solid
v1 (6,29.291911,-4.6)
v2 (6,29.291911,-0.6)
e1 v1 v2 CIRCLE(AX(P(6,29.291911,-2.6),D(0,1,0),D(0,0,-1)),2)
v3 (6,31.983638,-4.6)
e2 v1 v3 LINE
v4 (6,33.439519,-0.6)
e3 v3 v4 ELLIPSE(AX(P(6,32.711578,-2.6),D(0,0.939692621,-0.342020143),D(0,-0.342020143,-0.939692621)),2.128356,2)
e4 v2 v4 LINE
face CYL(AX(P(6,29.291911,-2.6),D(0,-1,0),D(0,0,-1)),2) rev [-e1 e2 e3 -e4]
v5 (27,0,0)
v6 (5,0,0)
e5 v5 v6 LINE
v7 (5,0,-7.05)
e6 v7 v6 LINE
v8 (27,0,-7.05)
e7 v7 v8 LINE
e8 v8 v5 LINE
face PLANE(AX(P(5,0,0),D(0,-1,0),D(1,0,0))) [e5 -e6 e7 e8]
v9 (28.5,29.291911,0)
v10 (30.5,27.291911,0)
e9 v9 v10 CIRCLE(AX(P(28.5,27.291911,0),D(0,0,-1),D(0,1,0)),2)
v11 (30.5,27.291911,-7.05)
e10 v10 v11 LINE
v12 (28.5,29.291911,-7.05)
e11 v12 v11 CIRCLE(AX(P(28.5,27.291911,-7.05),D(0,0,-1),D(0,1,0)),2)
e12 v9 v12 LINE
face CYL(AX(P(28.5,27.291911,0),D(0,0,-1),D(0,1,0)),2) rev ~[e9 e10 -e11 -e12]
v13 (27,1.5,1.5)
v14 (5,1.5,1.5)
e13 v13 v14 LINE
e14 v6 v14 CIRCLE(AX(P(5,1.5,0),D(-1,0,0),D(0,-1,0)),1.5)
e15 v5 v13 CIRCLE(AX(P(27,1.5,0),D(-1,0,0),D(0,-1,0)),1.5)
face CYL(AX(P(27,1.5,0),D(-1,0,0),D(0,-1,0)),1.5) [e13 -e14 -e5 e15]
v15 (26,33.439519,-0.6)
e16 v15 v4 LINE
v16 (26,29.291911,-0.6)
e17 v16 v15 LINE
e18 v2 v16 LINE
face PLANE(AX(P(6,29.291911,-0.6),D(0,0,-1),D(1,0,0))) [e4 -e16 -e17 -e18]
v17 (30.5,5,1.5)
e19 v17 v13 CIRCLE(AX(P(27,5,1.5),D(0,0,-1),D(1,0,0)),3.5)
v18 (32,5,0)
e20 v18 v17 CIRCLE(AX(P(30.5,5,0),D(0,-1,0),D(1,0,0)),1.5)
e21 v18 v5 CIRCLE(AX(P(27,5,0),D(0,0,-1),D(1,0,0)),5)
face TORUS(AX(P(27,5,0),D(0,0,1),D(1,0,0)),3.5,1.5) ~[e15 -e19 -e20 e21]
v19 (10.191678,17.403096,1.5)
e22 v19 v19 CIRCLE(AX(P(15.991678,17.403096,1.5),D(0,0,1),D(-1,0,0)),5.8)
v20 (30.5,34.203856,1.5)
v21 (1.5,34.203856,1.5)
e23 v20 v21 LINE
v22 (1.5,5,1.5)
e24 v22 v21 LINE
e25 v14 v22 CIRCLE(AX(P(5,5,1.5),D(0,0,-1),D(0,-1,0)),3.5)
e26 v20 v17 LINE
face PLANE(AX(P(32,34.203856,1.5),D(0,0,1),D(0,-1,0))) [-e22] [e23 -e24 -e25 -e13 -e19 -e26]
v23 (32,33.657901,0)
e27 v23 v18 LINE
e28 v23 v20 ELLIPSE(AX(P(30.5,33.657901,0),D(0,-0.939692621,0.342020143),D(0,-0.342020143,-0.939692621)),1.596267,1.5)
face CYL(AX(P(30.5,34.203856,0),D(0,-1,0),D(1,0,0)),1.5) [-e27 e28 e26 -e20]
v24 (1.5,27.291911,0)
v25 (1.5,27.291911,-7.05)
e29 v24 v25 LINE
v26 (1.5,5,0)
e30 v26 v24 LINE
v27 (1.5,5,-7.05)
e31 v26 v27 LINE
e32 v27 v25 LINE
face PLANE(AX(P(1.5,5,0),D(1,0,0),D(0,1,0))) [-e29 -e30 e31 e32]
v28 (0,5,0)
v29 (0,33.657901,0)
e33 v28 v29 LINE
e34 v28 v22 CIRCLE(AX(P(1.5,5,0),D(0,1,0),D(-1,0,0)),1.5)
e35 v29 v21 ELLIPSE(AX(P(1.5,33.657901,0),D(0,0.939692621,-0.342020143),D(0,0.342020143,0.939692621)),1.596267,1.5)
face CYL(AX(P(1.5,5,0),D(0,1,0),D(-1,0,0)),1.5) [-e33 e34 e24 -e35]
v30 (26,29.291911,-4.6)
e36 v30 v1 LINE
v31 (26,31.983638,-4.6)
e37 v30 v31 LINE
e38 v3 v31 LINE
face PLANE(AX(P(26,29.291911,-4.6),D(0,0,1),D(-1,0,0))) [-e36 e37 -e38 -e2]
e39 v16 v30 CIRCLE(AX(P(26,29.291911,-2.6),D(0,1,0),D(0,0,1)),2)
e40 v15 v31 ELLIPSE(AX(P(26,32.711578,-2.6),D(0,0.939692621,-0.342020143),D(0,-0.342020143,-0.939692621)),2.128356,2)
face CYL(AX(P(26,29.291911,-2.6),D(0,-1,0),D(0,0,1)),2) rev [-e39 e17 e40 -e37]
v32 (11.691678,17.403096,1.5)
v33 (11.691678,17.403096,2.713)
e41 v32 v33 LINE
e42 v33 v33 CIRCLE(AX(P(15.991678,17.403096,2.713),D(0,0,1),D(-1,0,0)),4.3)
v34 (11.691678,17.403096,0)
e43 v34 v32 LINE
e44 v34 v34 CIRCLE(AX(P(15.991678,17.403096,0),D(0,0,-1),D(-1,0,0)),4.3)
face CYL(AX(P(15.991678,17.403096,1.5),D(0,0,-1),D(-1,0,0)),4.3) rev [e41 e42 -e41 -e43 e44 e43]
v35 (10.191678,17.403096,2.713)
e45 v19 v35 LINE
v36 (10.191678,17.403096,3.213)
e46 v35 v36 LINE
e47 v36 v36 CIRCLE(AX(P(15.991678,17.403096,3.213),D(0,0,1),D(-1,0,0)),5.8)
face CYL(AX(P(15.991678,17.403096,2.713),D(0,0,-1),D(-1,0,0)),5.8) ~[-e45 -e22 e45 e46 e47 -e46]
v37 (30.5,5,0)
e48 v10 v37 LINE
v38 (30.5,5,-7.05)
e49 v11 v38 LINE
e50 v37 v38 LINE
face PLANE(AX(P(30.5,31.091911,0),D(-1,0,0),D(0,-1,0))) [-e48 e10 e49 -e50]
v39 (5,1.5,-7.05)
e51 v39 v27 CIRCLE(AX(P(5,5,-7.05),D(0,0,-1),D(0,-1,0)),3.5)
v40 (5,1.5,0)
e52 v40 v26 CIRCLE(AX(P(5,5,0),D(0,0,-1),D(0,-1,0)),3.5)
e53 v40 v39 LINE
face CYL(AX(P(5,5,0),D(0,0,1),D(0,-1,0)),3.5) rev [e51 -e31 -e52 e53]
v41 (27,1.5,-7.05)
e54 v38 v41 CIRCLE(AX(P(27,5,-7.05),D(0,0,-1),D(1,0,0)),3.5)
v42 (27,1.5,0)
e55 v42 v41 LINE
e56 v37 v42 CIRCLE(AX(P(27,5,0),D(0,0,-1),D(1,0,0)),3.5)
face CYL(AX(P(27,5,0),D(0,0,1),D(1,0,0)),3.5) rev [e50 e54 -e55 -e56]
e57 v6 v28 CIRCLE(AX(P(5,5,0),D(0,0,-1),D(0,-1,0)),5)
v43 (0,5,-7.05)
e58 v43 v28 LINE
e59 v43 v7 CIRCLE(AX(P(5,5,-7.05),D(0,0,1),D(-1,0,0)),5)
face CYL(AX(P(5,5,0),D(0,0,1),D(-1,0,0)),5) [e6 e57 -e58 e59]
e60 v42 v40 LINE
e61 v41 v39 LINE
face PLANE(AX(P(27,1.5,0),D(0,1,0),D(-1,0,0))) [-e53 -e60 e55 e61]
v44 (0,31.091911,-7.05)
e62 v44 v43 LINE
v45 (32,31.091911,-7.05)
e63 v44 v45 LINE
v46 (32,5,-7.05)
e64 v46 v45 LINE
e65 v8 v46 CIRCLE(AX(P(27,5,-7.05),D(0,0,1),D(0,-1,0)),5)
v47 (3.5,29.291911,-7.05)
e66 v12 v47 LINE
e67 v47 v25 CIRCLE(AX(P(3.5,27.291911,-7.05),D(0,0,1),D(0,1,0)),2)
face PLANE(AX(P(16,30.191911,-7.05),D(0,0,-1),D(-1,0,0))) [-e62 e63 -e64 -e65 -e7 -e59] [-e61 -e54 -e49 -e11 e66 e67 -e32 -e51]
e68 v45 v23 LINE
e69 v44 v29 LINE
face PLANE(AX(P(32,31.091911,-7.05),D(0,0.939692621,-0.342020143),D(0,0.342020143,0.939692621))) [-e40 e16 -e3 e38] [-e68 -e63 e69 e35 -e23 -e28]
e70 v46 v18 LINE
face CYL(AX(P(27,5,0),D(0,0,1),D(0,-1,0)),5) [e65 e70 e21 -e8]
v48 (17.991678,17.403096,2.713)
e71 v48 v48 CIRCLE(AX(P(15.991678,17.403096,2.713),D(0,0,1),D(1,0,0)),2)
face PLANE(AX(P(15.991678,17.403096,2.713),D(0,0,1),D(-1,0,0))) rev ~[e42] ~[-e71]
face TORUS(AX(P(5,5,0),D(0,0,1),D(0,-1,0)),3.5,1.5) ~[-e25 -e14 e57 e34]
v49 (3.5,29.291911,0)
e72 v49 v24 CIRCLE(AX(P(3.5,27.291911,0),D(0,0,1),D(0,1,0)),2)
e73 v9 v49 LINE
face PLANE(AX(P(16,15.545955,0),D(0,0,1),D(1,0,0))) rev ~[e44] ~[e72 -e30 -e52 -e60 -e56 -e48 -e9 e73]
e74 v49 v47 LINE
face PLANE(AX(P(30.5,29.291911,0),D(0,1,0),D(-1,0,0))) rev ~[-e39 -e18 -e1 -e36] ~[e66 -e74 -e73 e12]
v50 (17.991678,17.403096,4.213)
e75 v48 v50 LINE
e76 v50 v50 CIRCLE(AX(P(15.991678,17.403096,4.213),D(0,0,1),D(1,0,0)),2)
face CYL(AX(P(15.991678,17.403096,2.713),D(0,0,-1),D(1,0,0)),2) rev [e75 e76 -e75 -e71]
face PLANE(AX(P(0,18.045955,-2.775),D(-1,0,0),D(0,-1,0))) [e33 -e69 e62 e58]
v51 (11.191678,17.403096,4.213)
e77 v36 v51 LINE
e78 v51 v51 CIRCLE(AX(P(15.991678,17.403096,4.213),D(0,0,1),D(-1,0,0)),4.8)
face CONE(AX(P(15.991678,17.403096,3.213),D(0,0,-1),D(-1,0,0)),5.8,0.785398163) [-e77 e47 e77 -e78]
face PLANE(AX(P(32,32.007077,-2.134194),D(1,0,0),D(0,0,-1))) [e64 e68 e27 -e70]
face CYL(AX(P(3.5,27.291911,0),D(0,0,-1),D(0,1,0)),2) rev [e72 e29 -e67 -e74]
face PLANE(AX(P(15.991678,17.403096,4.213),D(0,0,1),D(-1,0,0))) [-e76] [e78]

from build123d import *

# Parameters (mm, degrees)
SKETCH1_W           = 32
SKETCH1_H           = 31.091910702798558
BOSS_EXTRUDE1_DEPTH = 1.5
FILLET1_R           = 5
SKETCH2_R           = 4.3000000000159515
CUT_EXTRUDE1_DEPTH  = 45.642545975233084
SKETCH3_R           = 5.79999999998862
SKETCH3_R_2         = 4.299999999994187
BOSS_EXTRUDE2_DEPTH = 1.212999868
SKETCH4_R           = 5.799999999994187
SKETCH4_R_2         = 1.9999999999941904
BOSS_EXTRUDE3_DEPTH = 1.5
CHAMFER1_SIZE       = 1
EXTRUDE_THIN1_DEPTH = 7.05
BOSS_EXTRUDE4_REACH = 47.171
SKETCH7_W           = 29.000000000000004
SKETCH7_H           = 1.8000000000000007
BOSS_EXTRUDE5_DEPTH = 7.05
FILLET2_R           = 2
CUT_EXTRUDE2_DEPTH  = 10
FILLET3_R           = 1.5


with BuildPart() as part:
    # Sketch1 → Boss-Extrude1 (new body)
    with BuildSketch(Plane.XY):
        with Locations((16, 15.545955351399279)):
            Rectangle(SKETCH1_W, SKETCH1_H)
    extrude(amount=BOSS_EXTRUDE1_DEPTH)

    # Fillet1
    fillet1_edges = [part.edges().sort_by_distance(p)[0] for p in [
        (32, 0, 0.75),
        (0, 0, 0.75),
    ]]
    fillet(fillet1_edges, radius=FILLET1_R)

    # Sketch2 → Cut-Extrude1 (cut, through all)
    with BuildSketch(Plane(origin=(0, 0, 0), x_dir=(-1, 0, 0), z_dir=(0, 0, -1))):
        with Locations((-15.991678414180004, 17.403095514898066)):
            Circle(SKETCH2_R)
    extrude(amount=-CUT_EXTRUDE1_DEPTH, mode=Mode.SUBTRACT)

    # Sketch3 → Boss-Extrude2 (add)
    with BuildSketch(Plane.XY.offset(1.5)):
        with Locations(Location((15.991678414180004, 17.403095514898066, 0), (0, 0, 180))):
            Circle(SKETCH3_R)
        with Locations(Location((15.991678414180004, 17.403095514898066, 0), (0, 0, 180))):
            Circle(SKETCH3_R_2, mode=Mode.SUBTRACT)
    extrude(amount=BOSS_EXTRUDE2_DEPTH)

    # Sketch4 → Boss-Extrude3 (add)
    with BuildSketch(Plane.XY.offset(2.7129998678795)):
        with Locations(Location((15.991678414180004, 17.403095514898066, 0), (0, 0, 180))):
            Circle(SKETCH4_R)
        with Locations((15.991678414180004, 17.403095514898066)):
            Circle(SKETCH4_R_2, mode=Mode.SUBTRACT)
    extrude(amount=BOSS_EXTRUDE3_DEPTH)

    # Chamfer1
    chamfer1_edges = [part.edges().sort_by_distance(p)[0] for p in [
        (21.791678414174193, 17.403095514898062, 4.2129998678795),
    ]]
    chamfer(chamfer1_edges, length=CHAMFER1_SIZE)

    # Sketch5 → Extrude-Thin1 (add)
    with BuildSketch(Plane(origin=(0, 0, 0), x_dir=(-1, 0, 0), z_dir=(0, 0, -1))):
        with BuildLine():
            Line((0, 31.091910702798558), (0, 4.999999999999998))
            ThreePointArc((0, 4.999999999999998), (-1.4644660940672622, 1.4644660940672614), (-5, 0))
            Line((-5, 0), (-27, 0))
            ThreePointArc((-27, 0), (-30.535533905932738, 1.4644660940672654), (-32, 4.999999999999998))
            Line((-32, 4.999999999999998), (-32, 31.091910702798558))
            Line((-32, 31.091910702798558), (-30.5, 31.091910702798558))
            Line((-30.5, 31.091910702798558), (-30.5, 4.999999999999998))
            ThreePointArc((-30.5, 4.999999999999996), (-29.47487373415292, 2.5251262658470903), (-27.00000000000001, 1.5000000000000067))
            Line((-27, 1.5), (-5, 1.5))
            ThreePointArc((-4.999999999999999, 1.5), (-2.525126265847083, 2.5251262658470828), (-1.4999999999999996, 4.999999999999998))
            Line((-1.5, 4.999999999999998), (-1.5, 31.091910702798558))
            Line((-1.5, 31.091910702798558), (0, 31.091910702798558))
        make_face()
    extrude(amount=EXTRUDE_THIN1_DEPTH)

    # Boss-Extrude4: up to this face of the body (flat: up to its plane)
    boss_extrude4_end = Plane(part.part.faces().sort_by_distance((0, 18.045955351, -2.775))[0])
    # Sketch6 → Boss-Extrude4 (add, up to the picked face)
    with BuildSketch(Plane(origin=(32, 0, 0), x_dir=(0, 0, -1), z_dir=(1, 0, 0)), mode=Mode.PRIVATE) as boss_extrude4_sk1:
        Polygon((7.050000000000448, 31.09191070279875), (-1.4999999999999993, 34.20385620577456), (-1.5, 31.091910702798558), align=None)
    boss_extrude4_tool1 = split(extrude(boss_extrude4_sk1.sketch, amount=-BOSS_EXTRUDE4_REACH, mode=Mode.PRIVATE), bisect_by=boss_extrude4_end, keep=Keep.BOTH, mode=Mode.PRIVATE)
    add(boss_extrude4_tool1.solids().sort_by(Axis((32, 32.129226, -1.35), (-1, 0, 0)))[0])

    # Sketch7 → Boss-Extrude5 (add)
    with BuildSketch(Plane(origin=(0, 0, 0), x_dir=(-1, 0, 0), z_dir=(0, 0, -1))):
        with Locations((-16, 30.19191070279856)):
            Rectangle(SKETCH7_W, SKETCH7_H)
    extrude(amount=BOSS_EXTRUDE5_DEPTH)

    # Fillet2
    fillet2_edges = [part.edges().sort_by_distance(p)[0] for p in [
        (30.5, 29.291910702798557, -3.525),
        (1.5, 29.291910702798557, -3.525),
    ]]
    fillet(fillet2_edges, radius=FILLET2_R)

    # Sketch8 → Cut-Extrude2 (cut)
    with BuildSketch(Plane.XZ.offset(-29.291910702798557)):
        with BuildLine():
            Line((26, -4.600000000000001), (6.000000000000002, -4.600000000000004))
            ThreePointArc((6.000000000000002, -4.600000000000004), (3.9999999999999996, -2.600000000000004), (6.000000000000001, -0.6000000000000024))
            Line((6.000000000000001, -0.6000000000000024), (26, -0.6))
            ThreePointArc((26, -0.6), (28, -2.600000000000002), (26, -4.600000000000001))
        make_face()
    extrude(amount=-CUT_EXTRUDE2_DEPTH, mode=Mode.SUBTRACT)

    # Fillet3
    fillet3_edges = [part.edges().sort_by_distance(p)[0] for p in [
        (32, 19.60192810288728, 1.4999999999999996),
        (16, 0, 1.5),
        (1.4644660940672618, 1.4644660940672614, 1.5),
        (30.535533905932738, 1.4644660940672618, 1.5),
        (-4.4e-16, 19.60192810288728, 1.4999999999999996),
    ]]
    fillet(fillet3_edges, radius=FILLET3_R)


solid = part.part
